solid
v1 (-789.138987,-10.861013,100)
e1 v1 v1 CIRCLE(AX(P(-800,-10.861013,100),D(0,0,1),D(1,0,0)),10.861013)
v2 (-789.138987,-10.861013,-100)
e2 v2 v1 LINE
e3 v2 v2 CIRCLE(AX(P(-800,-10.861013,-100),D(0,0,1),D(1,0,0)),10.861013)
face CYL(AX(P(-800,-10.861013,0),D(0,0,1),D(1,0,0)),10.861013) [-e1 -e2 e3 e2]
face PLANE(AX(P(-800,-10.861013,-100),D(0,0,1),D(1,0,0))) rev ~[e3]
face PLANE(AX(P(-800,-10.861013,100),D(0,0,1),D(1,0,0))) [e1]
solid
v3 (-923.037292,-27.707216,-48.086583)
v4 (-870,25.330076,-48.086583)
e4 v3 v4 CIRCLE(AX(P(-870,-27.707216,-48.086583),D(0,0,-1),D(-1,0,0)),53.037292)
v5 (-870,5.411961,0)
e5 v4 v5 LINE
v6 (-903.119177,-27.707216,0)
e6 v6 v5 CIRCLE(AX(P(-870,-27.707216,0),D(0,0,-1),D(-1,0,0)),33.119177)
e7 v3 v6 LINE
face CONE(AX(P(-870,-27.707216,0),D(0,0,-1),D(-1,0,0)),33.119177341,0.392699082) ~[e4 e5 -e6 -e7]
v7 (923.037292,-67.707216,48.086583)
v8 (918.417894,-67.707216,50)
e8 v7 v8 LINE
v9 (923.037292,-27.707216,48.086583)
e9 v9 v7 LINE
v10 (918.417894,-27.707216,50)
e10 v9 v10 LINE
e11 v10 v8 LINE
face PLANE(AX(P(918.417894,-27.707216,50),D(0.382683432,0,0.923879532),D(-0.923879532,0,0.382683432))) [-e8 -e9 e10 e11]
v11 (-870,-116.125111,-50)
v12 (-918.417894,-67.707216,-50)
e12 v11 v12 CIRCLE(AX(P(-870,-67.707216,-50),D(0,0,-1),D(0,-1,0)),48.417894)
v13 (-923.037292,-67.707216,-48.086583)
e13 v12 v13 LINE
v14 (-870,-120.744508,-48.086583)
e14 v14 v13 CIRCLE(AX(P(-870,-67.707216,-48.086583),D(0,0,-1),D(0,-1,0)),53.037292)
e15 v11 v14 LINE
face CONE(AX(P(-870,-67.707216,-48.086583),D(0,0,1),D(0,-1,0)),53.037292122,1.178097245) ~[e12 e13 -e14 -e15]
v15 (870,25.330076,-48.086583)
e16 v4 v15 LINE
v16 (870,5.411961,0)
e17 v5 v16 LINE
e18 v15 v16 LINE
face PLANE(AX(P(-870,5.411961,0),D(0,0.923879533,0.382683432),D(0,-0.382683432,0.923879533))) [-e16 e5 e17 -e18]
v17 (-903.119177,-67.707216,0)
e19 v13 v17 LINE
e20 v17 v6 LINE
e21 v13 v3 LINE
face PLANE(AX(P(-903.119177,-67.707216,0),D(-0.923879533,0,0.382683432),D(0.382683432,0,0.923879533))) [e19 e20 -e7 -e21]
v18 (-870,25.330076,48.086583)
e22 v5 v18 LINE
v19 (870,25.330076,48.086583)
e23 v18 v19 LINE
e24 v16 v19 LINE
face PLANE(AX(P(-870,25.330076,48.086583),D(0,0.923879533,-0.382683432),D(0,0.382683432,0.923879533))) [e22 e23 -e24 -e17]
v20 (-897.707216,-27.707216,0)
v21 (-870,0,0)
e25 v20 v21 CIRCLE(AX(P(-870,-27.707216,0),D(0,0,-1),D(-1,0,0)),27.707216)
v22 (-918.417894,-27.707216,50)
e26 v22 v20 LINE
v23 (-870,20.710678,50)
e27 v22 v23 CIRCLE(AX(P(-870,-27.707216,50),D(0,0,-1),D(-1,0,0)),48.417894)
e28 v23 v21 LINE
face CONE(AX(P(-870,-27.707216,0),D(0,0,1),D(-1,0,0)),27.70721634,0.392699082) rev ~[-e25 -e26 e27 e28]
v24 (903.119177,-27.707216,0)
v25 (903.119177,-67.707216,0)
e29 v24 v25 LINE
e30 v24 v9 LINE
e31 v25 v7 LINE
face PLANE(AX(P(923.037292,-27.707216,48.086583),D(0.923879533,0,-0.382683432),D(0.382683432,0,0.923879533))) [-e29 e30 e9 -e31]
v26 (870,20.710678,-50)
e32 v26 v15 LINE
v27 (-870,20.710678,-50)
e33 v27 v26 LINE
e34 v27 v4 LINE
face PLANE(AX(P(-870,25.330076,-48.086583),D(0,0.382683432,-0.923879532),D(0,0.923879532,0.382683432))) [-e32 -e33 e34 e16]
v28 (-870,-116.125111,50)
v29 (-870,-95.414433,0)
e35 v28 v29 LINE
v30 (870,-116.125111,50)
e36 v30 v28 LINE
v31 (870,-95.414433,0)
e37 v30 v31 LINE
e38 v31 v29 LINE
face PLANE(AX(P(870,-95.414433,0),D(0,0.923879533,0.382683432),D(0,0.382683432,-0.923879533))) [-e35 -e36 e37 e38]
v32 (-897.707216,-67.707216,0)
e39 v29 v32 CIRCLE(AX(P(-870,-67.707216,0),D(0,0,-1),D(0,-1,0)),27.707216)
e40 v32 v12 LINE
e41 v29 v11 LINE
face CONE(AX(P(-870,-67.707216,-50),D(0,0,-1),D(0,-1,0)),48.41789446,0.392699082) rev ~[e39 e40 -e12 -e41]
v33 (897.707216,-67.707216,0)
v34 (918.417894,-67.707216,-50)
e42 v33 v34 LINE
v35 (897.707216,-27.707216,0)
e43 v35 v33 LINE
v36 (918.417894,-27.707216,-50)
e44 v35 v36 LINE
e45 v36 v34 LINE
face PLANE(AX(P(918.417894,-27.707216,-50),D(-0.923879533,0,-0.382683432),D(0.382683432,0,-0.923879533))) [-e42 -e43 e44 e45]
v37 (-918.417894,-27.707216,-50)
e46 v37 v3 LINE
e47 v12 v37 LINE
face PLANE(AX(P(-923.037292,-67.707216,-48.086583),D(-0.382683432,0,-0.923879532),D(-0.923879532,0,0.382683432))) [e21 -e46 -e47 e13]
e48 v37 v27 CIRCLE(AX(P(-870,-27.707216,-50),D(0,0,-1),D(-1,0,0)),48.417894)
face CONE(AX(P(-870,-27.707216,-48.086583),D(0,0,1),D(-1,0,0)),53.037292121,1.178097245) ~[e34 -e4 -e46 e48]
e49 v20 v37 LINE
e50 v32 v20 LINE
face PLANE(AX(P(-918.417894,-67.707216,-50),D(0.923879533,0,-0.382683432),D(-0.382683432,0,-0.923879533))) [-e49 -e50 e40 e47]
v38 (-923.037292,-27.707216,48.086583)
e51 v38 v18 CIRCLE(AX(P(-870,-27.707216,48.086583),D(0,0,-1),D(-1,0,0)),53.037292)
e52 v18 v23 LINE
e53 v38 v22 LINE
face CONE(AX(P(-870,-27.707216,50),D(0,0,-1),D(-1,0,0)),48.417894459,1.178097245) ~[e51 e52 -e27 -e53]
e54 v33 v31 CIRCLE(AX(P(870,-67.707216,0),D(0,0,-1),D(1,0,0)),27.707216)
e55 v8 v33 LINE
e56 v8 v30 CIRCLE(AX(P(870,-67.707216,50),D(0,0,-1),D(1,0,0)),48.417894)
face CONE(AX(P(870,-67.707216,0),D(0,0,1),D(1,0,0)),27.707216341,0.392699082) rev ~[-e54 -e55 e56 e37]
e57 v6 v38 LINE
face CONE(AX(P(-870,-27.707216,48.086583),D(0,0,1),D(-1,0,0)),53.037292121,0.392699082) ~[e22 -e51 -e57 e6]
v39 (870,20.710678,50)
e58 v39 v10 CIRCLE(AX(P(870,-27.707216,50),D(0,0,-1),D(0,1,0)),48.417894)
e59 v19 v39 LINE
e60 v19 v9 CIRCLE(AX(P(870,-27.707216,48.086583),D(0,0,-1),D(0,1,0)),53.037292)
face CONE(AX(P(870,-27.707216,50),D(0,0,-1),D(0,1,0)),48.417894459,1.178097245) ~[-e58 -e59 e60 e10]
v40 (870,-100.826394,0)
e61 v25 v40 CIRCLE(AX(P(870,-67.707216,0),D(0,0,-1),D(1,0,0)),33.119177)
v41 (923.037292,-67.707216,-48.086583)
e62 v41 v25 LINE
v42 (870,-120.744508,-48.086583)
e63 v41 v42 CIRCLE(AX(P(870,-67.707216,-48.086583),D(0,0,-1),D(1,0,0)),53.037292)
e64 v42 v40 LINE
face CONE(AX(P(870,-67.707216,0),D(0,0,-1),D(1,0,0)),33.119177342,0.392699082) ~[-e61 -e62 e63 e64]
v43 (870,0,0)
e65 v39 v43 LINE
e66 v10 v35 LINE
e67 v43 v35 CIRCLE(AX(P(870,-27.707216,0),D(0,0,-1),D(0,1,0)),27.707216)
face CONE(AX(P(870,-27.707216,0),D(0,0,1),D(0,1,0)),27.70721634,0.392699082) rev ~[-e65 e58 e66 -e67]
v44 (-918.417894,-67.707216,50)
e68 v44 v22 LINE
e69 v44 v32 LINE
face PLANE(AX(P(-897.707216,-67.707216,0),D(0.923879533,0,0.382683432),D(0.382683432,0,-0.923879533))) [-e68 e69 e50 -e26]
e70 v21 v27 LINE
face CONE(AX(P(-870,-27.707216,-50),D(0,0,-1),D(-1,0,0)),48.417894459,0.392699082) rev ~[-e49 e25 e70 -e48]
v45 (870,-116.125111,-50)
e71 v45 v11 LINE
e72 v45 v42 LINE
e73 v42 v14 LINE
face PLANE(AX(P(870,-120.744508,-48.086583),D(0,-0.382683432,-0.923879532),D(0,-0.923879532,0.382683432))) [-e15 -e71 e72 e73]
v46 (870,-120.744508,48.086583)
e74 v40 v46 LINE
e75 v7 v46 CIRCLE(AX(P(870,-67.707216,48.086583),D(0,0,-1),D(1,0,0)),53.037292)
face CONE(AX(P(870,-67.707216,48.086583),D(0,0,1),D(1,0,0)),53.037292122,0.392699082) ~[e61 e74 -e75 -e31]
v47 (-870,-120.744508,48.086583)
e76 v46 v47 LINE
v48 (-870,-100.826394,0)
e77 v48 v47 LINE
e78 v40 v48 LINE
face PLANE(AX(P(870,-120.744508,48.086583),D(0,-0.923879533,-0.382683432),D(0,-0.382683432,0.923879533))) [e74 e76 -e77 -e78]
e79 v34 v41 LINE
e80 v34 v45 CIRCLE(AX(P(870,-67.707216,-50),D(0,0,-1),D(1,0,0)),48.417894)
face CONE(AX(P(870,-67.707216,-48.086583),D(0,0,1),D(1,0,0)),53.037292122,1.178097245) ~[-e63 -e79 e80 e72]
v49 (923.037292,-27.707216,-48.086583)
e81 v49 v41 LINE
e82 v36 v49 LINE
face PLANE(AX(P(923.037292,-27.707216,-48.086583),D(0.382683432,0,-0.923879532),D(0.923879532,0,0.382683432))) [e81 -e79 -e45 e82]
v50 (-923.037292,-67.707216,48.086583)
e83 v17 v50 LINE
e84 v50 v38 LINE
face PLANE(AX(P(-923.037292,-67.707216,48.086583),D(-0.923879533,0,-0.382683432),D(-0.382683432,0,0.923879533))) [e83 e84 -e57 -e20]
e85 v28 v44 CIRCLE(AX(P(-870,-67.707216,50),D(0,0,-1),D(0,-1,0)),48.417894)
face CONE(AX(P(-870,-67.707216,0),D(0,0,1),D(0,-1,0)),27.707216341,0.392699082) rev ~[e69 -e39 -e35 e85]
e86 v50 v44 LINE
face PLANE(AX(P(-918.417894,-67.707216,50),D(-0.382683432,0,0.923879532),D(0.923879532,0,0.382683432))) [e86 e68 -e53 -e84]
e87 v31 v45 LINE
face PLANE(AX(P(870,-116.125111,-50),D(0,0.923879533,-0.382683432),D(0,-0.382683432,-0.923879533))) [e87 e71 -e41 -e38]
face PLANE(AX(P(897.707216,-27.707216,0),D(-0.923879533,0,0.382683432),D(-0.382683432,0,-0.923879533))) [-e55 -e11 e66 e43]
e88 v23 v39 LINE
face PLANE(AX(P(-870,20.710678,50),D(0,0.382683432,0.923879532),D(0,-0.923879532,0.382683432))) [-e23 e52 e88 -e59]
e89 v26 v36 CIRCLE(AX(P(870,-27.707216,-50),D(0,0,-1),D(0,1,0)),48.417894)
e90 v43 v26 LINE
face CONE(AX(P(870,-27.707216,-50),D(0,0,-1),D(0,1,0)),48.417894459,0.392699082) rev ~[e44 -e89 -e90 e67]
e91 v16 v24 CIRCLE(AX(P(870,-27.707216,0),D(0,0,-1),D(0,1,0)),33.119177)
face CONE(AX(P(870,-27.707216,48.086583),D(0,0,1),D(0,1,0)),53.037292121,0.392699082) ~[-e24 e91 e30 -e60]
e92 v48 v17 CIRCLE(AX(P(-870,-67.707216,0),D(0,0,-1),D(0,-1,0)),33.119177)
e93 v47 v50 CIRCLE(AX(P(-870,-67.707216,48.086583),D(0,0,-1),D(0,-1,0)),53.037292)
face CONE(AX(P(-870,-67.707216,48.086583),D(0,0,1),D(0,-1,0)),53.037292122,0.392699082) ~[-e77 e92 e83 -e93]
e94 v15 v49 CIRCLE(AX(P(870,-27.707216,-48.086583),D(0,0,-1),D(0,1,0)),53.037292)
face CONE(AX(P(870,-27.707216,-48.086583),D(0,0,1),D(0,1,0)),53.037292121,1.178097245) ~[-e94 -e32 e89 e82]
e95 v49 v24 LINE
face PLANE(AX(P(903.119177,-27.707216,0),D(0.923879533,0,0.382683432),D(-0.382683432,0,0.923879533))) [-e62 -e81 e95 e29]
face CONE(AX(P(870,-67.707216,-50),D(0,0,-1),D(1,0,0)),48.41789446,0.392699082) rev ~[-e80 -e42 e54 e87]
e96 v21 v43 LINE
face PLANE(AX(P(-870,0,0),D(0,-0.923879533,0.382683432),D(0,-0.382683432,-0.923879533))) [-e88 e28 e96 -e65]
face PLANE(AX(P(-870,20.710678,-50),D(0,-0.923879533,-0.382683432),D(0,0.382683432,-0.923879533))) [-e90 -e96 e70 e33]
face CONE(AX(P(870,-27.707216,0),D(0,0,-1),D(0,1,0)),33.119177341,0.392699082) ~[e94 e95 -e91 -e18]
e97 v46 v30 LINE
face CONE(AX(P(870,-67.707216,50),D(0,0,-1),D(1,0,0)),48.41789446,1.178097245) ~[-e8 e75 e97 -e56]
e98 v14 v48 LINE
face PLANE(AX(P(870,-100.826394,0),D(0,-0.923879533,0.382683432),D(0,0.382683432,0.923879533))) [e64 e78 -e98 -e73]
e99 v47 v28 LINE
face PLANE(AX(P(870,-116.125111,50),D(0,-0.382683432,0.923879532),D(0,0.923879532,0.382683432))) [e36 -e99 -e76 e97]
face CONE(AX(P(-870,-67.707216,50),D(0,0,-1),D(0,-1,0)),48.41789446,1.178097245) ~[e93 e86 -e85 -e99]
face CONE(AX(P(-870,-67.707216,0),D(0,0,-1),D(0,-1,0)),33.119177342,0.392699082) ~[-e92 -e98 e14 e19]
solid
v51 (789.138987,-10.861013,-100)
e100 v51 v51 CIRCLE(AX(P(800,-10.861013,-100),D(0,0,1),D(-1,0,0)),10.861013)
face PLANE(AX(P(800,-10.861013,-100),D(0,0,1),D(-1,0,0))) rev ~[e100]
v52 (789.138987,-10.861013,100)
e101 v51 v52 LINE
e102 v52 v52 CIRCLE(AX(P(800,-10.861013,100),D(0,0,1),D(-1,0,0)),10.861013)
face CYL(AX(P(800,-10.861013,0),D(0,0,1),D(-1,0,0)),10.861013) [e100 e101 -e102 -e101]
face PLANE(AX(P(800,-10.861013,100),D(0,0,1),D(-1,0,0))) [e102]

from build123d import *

# Parameters (mm, degrees)
CROQUIS61_R               = 10.861013232
SALIENTE_EXTRUIR2_DEPTH   = 100
SALIENTE_EXTRUIR2_2_DEPTH = 100


with BuildPart() as part:
    # Barrer8: sweep along a path in Croquis59
    with BuildLine(Plane.XY) as barrer8_path:
        Line((-870, 2.292783659), (870, 2.292783659))
        ThreePointArc((870, 2.292783659), (891.213203436, -6.494012905), (900, -27.707216341))
        Line((900, -27.707216341), (900, -67.707216341))
        ThreePointArc((900, -67.707216341), (891.213203436, -88.920419776), (870, -97.707216341))
        Line((870, -97.707216341), (-870, -97.707216341))
        ThreePointArc((-870, -97.707216341), (-891.213203436, -88.920419776), (-900, -67.707216341))
        Line((-900, -67.707216341), (-900, -27.707216341))
        ThreePointArc((-900, -27.707216341), (-891.213203436, -6.494012905), (-870, 2.292783659))
    # Croquis58 → Barrer8 (sweep)
    with BuildSketch(Plane(origin=(0, 0, 0), x_dir=(0, 0, -1), z_dir=(1, 0, 0))):
        Polygon((0, 0), (-50, 20.710678119), (-48.086582838, 25.330075781), (0, 5.411961001), (48.086582838, 25.330075781), (50, 20.710678119), align=None)
    sweep(path=barrer8_path.line)


with BuildPart() as body_2:
    # Croquis61 → Saliente-Extruir2 (new, symmetric)
    with BuildSketch(Plane.XY):
        with Locations((-800, -10.861013232)):
            Circle(CROQUIS61_R)
    extrude(amount=SALIENTE_EXTRUIR2_DEPTH, both=True)


with BuildPart() as body_3:
    # Croquis61 → Saliente-Extruir2 2 (new, symmetric)
    with BuildSketch(Plane.XY):
        with Locations(Location((800, -10.861013232, 0), (0, 0, 180))):
            Circle(CROQUIS61_R)
    extrude(amount=SALIENTE_EXTRUIR2_2_DEPTH, both=True)


solid = Compound([part.part, body_2.part, body_3.part])
